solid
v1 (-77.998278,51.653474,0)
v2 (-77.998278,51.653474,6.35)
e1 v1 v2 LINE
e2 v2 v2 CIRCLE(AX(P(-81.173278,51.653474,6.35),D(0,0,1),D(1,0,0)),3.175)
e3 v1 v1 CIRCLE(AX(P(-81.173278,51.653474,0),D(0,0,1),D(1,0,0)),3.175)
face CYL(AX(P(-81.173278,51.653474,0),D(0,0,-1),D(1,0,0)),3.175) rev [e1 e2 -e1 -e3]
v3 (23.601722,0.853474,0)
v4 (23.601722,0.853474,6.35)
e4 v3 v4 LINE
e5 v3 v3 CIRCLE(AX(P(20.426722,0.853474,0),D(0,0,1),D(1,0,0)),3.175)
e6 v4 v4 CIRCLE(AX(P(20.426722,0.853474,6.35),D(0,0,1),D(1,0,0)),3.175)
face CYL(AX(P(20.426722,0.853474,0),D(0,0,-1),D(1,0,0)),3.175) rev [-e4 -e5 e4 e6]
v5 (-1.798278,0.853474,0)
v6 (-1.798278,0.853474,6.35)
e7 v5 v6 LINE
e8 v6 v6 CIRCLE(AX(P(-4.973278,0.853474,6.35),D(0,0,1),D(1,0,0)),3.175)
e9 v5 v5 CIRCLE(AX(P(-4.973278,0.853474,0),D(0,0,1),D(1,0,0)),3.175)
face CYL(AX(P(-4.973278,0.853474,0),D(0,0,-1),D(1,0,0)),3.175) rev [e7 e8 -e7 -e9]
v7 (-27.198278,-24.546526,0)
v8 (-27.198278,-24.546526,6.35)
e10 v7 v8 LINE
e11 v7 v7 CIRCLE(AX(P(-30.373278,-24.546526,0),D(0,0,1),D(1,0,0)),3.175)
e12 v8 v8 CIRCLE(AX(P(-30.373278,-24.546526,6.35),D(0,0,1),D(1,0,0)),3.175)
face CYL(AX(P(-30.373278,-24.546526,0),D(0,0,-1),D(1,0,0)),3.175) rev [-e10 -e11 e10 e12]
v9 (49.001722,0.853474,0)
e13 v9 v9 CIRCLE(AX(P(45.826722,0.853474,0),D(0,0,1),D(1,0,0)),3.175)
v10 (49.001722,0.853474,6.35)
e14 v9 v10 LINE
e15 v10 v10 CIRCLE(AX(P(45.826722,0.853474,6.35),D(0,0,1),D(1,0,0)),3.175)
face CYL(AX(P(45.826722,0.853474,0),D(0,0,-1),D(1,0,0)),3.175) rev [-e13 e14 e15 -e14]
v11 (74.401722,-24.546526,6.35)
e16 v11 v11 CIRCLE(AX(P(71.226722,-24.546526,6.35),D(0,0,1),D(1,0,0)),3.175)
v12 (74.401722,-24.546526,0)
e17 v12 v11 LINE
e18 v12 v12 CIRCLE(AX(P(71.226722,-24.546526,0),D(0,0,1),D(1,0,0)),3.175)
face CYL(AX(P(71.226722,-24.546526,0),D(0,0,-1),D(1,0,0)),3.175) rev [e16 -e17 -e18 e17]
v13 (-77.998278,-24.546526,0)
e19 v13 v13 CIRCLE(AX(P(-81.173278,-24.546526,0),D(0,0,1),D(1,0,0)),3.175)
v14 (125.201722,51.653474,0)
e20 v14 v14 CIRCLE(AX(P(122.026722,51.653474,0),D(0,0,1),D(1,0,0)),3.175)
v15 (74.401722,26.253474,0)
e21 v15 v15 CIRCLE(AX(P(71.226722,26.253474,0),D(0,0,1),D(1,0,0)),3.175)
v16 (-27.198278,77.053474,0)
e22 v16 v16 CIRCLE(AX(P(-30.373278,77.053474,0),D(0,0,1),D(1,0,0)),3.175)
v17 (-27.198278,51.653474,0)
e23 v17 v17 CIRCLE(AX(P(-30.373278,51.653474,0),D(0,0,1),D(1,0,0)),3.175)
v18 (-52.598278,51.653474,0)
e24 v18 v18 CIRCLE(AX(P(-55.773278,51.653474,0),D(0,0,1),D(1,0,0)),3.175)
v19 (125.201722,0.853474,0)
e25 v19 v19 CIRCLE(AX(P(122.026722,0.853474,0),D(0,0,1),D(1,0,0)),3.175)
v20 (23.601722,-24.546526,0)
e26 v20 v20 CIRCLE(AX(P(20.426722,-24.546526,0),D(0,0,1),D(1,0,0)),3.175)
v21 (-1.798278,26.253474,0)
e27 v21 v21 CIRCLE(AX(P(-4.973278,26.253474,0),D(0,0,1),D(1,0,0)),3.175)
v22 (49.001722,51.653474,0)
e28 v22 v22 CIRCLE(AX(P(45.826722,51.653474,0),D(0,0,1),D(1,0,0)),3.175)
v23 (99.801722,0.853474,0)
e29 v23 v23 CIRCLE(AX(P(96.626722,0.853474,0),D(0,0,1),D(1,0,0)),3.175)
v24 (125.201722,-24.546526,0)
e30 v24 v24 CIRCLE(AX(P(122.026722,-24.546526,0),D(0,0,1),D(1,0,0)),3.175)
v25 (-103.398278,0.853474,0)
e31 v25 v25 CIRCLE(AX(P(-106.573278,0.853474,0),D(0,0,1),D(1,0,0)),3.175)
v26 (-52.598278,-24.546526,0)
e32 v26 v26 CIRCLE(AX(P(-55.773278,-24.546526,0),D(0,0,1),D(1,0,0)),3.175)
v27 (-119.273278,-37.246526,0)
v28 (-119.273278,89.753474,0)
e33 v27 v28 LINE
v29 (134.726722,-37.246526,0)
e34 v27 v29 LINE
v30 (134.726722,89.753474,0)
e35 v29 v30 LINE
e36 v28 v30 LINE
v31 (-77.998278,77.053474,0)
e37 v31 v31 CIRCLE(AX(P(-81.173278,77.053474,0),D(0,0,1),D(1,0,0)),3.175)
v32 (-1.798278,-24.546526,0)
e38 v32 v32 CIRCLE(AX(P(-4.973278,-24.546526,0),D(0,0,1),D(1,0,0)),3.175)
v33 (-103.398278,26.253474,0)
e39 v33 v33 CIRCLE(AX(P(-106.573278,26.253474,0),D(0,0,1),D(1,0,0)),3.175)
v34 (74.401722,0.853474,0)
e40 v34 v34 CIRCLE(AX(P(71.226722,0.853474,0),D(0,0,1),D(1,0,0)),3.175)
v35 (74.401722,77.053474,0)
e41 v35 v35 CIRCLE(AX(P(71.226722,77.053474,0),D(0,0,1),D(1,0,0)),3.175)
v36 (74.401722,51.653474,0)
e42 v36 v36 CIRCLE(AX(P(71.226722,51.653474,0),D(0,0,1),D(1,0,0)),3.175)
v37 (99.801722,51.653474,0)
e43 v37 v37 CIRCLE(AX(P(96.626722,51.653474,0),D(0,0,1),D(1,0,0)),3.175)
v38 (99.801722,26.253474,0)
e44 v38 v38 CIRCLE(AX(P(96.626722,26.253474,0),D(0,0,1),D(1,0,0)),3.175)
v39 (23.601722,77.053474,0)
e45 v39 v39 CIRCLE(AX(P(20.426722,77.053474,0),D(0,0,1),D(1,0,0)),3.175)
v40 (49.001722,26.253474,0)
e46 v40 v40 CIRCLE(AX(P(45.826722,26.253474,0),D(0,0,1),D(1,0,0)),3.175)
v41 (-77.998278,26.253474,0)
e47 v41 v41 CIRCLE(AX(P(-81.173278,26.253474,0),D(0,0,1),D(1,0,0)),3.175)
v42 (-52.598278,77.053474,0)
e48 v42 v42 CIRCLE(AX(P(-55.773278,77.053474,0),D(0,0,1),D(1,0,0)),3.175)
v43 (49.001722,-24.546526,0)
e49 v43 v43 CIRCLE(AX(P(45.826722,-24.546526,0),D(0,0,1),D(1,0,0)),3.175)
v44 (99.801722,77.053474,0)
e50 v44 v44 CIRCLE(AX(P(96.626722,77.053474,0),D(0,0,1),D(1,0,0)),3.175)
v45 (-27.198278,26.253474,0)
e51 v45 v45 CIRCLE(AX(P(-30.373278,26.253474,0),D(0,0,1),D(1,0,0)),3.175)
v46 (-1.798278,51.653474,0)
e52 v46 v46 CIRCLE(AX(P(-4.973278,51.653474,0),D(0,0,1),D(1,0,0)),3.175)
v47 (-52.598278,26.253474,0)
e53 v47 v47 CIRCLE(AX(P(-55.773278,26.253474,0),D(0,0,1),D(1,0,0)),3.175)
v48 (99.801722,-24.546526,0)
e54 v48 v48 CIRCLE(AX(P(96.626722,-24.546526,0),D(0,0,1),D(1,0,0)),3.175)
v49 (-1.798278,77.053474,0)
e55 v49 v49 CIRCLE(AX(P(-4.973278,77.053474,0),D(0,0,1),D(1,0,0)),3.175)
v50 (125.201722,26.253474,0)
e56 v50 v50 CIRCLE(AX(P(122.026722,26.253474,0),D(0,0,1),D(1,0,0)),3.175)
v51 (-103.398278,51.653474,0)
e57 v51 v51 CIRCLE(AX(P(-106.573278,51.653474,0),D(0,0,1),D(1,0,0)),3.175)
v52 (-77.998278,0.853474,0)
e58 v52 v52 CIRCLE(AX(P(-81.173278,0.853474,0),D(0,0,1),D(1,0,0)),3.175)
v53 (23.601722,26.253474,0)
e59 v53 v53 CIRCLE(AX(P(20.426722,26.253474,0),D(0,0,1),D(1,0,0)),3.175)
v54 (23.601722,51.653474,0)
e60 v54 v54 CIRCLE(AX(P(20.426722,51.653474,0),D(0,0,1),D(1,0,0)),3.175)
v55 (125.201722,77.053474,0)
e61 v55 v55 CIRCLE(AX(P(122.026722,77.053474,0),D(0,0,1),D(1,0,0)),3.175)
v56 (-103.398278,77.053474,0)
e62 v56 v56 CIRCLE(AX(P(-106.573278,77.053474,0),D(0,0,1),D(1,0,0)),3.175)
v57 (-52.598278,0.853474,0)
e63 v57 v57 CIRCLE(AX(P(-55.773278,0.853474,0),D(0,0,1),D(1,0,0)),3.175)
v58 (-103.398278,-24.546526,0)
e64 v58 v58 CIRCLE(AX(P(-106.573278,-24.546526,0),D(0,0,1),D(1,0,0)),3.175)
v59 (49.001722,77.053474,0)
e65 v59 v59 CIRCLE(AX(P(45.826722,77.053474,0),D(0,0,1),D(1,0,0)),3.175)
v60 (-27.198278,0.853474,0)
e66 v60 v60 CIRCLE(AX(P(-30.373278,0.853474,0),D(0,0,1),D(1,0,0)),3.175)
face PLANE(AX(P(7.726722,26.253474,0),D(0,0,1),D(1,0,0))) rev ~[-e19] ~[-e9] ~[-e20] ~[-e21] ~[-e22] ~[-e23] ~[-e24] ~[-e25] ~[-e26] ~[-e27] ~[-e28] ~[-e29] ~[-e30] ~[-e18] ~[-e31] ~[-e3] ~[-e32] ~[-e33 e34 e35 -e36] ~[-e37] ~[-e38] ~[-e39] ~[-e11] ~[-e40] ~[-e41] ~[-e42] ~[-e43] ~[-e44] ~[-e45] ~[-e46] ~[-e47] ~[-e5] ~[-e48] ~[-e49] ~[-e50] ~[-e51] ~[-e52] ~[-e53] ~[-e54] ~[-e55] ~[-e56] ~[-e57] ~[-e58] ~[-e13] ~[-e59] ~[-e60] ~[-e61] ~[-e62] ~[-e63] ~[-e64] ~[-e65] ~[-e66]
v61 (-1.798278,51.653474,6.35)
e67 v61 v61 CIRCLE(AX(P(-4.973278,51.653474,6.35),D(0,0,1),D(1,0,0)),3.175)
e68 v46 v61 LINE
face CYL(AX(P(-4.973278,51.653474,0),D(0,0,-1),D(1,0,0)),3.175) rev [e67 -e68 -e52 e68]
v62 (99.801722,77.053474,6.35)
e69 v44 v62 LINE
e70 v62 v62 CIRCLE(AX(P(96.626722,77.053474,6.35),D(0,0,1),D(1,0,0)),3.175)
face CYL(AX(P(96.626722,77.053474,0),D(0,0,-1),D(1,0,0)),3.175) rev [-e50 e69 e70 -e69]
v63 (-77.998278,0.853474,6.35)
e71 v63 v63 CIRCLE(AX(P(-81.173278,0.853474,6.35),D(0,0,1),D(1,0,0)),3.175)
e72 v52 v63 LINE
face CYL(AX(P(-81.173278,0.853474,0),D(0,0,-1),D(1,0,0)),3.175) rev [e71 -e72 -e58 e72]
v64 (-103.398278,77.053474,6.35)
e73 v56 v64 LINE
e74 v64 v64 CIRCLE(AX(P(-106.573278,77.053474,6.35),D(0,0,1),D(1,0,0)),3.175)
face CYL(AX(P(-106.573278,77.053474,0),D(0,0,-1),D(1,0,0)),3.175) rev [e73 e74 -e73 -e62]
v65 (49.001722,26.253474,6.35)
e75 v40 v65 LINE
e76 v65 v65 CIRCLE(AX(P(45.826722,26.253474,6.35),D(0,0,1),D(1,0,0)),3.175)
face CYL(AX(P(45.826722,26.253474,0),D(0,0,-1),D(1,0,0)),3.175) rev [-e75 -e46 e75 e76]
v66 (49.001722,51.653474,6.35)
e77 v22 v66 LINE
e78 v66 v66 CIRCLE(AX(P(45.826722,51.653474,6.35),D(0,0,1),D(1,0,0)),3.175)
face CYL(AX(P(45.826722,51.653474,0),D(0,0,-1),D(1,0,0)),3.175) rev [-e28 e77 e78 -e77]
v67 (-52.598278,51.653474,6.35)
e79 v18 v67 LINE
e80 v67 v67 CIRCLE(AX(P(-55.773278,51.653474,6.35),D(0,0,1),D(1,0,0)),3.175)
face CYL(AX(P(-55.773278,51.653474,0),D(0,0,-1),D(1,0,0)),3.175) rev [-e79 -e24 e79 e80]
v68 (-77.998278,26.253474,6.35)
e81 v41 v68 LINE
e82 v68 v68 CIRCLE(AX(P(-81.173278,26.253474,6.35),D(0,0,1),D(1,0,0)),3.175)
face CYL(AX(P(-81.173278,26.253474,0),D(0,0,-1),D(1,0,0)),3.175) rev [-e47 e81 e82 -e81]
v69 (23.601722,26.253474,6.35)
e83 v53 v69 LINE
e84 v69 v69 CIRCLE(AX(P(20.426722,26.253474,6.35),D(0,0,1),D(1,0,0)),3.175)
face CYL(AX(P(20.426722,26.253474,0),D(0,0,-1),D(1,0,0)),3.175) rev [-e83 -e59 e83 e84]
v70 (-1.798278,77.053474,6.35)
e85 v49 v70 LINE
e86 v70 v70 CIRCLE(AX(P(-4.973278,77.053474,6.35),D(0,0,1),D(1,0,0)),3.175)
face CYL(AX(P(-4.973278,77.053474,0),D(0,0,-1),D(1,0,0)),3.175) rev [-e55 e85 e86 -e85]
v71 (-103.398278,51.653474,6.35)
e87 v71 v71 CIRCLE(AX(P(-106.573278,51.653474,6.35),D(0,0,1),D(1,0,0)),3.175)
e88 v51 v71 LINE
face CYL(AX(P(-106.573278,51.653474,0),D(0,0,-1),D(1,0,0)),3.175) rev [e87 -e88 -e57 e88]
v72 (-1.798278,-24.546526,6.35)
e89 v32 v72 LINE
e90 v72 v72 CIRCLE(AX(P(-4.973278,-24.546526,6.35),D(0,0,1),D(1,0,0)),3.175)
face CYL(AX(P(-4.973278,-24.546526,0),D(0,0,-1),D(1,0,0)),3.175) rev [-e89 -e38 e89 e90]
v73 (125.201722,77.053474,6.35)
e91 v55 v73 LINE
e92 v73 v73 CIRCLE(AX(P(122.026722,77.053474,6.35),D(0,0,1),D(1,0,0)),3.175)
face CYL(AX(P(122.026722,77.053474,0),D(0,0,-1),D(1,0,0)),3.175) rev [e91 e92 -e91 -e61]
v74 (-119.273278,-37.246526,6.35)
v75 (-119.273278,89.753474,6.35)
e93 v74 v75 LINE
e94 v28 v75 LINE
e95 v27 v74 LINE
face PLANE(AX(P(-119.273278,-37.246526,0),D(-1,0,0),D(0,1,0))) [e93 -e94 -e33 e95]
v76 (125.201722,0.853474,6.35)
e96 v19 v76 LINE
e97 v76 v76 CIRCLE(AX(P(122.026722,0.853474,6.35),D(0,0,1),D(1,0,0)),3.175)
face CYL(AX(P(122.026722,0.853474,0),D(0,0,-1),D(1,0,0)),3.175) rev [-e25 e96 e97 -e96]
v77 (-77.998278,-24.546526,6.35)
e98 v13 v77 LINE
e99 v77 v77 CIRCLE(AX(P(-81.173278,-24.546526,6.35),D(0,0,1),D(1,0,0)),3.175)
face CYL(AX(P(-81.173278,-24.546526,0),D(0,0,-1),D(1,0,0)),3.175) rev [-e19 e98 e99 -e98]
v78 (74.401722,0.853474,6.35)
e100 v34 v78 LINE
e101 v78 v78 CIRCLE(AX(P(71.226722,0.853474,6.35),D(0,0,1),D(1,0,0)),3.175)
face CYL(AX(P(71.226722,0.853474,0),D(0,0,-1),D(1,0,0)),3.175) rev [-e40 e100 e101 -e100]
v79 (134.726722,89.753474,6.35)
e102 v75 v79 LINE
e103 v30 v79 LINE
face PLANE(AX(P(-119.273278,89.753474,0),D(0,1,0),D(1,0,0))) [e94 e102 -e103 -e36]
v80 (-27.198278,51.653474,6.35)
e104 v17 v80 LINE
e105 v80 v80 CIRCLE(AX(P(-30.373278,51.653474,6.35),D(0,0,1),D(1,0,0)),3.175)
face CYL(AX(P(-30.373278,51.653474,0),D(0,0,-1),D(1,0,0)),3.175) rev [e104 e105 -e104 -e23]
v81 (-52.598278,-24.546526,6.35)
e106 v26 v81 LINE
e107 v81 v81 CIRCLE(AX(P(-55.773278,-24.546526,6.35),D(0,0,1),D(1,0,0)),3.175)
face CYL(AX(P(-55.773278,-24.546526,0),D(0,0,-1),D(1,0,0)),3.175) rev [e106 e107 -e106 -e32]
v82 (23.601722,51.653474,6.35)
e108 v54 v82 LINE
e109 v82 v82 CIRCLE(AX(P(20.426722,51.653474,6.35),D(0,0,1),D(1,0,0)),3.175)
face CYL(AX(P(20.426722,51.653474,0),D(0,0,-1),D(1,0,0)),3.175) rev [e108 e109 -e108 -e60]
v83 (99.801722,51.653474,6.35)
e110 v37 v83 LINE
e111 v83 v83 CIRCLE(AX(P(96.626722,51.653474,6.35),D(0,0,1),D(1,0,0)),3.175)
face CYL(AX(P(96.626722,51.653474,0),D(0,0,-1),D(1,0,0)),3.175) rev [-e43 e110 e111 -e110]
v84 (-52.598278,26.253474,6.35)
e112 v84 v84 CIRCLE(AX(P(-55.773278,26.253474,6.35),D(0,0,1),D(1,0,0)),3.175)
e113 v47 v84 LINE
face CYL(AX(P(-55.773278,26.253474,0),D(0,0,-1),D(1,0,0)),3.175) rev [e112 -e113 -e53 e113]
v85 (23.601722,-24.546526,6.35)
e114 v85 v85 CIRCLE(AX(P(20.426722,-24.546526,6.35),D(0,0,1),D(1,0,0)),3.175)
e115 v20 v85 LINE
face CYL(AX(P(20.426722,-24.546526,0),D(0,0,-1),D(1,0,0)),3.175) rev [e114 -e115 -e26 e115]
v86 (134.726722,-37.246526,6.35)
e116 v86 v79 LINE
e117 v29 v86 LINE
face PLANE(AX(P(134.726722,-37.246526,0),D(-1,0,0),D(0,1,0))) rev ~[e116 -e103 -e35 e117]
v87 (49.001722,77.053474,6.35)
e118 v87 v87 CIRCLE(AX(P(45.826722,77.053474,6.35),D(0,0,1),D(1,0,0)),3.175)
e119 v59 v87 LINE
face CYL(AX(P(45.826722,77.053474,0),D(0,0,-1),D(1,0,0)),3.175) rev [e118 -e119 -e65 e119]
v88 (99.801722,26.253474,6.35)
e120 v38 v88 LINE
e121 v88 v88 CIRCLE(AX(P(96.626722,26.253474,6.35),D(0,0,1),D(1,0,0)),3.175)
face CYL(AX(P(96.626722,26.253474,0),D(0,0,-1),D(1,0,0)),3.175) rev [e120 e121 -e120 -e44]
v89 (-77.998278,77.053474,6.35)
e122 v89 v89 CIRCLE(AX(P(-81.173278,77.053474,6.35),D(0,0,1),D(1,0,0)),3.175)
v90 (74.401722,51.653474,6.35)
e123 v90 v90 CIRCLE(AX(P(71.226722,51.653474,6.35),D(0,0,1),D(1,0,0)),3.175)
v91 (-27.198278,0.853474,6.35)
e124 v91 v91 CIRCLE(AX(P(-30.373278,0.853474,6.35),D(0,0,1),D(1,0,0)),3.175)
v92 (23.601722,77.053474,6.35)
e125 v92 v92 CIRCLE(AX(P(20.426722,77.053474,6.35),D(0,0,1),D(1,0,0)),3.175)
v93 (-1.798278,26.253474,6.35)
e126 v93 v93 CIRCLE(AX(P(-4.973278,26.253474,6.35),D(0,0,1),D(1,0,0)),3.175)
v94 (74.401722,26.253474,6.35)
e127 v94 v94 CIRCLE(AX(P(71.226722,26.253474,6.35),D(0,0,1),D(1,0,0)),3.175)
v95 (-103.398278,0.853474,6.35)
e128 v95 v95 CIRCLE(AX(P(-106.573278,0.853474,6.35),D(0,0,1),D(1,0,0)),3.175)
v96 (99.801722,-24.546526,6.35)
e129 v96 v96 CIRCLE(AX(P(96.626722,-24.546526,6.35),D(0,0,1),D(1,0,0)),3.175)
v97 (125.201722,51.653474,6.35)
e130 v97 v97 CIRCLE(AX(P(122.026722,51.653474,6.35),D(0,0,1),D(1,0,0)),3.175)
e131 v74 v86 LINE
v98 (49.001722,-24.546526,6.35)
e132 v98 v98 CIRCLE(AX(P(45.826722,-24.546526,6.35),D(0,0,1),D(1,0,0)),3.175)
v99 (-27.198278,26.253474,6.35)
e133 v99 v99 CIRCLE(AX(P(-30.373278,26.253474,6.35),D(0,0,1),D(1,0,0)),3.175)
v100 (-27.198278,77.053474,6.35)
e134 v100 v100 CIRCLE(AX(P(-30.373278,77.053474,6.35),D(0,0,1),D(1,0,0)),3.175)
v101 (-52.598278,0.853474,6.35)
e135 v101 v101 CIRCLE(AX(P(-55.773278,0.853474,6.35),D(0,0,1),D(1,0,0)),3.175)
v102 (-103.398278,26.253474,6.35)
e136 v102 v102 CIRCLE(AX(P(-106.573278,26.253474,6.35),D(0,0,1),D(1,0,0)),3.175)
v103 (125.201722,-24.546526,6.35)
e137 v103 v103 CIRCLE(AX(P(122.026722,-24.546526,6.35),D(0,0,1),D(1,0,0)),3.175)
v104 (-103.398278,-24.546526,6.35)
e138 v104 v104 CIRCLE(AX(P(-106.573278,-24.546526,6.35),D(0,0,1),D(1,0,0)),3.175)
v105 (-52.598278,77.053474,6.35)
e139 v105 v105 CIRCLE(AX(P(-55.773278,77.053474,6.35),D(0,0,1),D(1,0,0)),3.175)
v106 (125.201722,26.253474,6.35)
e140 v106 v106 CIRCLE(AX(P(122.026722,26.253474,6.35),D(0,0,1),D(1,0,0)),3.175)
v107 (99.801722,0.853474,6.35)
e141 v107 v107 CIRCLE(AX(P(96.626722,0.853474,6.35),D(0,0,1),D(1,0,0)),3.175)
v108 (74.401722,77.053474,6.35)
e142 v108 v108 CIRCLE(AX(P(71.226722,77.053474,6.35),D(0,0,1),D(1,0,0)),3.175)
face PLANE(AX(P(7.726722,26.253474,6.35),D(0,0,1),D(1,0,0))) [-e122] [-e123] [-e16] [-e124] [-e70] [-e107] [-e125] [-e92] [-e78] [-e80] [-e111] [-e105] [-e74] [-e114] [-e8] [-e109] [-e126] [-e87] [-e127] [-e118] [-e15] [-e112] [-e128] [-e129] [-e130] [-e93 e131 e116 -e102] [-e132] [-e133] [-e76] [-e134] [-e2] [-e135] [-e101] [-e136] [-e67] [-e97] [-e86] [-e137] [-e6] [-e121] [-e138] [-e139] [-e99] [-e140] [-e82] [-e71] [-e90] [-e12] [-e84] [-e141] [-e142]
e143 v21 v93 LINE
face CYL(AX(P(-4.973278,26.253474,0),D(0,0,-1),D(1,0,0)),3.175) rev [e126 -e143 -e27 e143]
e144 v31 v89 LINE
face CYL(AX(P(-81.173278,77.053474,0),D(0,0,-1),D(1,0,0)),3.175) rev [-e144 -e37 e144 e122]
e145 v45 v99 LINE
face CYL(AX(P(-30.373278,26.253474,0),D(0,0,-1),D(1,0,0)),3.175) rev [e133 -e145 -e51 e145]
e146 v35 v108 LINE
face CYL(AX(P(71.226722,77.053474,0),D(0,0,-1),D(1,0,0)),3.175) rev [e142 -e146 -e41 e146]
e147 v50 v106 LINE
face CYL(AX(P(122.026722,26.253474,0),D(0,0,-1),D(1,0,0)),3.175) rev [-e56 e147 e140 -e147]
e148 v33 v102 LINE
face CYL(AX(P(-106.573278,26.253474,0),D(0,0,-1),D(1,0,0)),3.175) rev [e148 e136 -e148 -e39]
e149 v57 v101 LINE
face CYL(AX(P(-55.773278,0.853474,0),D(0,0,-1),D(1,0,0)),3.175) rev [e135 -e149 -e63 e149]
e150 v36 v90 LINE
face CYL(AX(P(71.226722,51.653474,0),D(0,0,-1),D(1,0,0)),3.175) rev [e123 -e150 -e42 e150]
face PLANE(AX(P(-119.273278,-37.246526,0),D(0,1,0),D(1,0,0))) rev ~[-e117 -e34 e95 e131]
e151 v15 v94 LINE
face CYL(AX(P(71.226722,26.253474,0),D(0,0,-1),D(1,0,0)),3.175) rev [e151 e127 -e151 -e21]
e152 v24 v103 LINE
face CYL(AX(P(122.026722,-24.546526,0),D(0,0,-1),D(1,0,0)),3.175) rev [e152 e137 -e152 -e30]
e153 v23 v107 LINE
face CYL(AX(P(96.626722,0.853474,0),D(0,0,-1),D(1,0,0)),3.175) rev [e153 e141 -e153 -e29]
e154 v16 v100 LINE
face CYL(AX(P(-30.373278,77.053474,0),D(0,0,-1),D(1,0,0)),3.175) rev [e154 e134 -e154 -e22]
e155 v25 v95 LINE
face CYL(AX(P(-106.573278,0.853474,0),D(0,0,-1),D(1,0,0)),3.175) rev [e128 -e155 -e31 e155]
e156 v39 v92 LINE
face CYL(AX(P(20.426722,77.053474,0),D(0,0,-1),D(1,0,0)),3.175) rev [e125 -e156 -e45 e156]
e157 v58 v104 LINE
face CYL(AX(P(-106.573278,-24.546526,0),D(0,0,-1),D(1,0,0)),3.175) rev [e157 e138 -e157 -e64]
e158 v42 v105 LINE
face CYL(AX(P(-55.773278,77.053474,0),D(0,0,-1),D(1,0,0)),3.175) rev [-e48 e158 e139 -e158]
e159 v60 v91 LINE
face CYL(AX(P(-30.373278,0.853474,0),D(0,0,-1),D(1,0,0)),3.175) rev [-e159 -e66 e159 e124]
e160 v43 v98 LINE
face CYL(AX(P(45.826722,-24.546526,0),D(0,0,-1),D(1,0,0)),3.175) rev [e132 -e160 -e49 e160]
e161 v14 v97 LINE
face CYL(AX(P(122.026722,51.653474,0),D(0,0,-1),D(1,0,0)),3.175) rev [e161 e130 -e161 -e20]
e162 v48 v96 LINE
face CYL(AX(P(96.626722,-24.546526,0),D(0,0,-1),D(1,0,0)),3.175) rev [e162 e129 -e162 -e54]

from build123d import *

# Parameters (mm, degrees)
F0_W     = 254
F0_H     = 127
F0_R     = 3.175
F1_DEPTH = 6.35


with BuildPart() as f1:
    # F0 (on Top) → F1 (new body)
    with BuildSketch(Plane.XY):
        with Locations((7.726722, 26.253474)):
            Rectangle(F0_W, F0_H)
        with Locations((-106.573278, -24.546526)):
            Circle(F0_R, mode=Mode.SUBTRACT)
        with Locations((-81.173278, -24.546526)):
            Circle(F0_R, mode=Mode.SUBTRACT)
        with Locations((-55.773278, -24.546526)):
            Circle(F0_R, mode=Mode.SUBTRACT)
        with Locations((-30.373278, -24.546526)):
            Circle(F0_R, mode=Mode.SUBTRACT)
        with Locations((-4.973278, -24.546526)):
            Circle(F0_R, mode=Mode.SUBTRACT)
        with Locations((-106.573278, 0.853474)):
            Circle(F0_R, mode=Mode.SUBTRACT)
        with Locations((-81.173278, 0.853474)):
            Circle(F0_R, mode=Mode.SUBTRACT)
        with Locations((-106.573278, 26.253474)):
            Circle(F0_R, mode=Mode.SUBTRACT)
        with Locations((-81.173278, 26.253474)):
            Circle(F0_R, mode=Mode.SUBTRACT)
        with Locations((-55.773278, 0.853474)):
            Circle(F0_R, mode=Mode.SUBTRACT)
        with Locations((-30.373278, 0.853474)):
            Circle(F0_R, mode=Mode.SUBTRACT)
        with Locations((-4.973278, 0.853474)):
            Circle(F0_R, mode=Mode.SUBTRACT)
        with Locations((-55.773278, 26.253474)):
            Circle(F0_R, mode=Mode.SUBTRACT)
        with Locations((-30.373278, 26.253474)):
            Circle(F0_R, mode=Mode.SUBTRACT)
        with Locations((-4.973278, 26.253474)):
            Circle(F0_R, mode=Mode.SUBTRACT)
        with Locations((20.426722, -24.546526)):
            Circle(F0_R, mode=Mode.SUBTRACT)
        with Locations((45.826722, -24.546526)):
            Circle(F0_R, mode=Mode.SUBTRACT)
        with Locations((71.226722, -24.546526)):
            Circle(F0_R, mode=Mode.SUBTRACT)
        with Locations((96.626722, -24.546526)):
            Circle(F0_R, mode=Mode.SUBTRACT)
        with Locations((122.026722, -24.546526)):
            Circle(F0_R, mode=Mode.SUBTRACT)
        with Locations((20.426722, 0.853474)):
            Circle(F0_R, mode=Mode.SUBTRACT)
        with Locations((45.826722, 0.853474)):
            Circle(F0_R, mode=Mode.SUBTRACT)
        with Locations((20.426722, 26.253474)):
            Circle(F0_R, mode=Mode.SUBTRACT)
        with Locations((45.826722, 26.253474)):
            Circle(F0_R, mode=Mode.SUBTRACT)
        with Locations((71.226722, 0.853474)):
            Circle(F0_R, mode=Mode.SUBTRACT)
        with Locations((96.626722, 0.853474)):
            Circle(F0_R, mode=Mode.SUBTRACT)
        with Locations((122.026722, 0.853474)):
            Circle(F0_R, mode=Mode.SUBTRACT)
        with Locations((71.226722, 26.253474)):
            Circle(F0_R, mode=Mode.SUBTRACT)
        with Locations((96.626722, 26.253474)):
            Circle(F0_R, mode=Mode.SUBTRACT)
        with Locations((122.026722, 26.253474)):
            Circle(F0_R, mode=Mode.SUBTRACT)
        with Locations((-106.573278, 51.653474)):
            Circle(F0_R, mode=Mode.SUBTRACT)
        with Locations((-81.173278, 51.653474)):
            Circle(F0_R, mode=Mode.SUBTRACT)
        with Locations((-55.773278, 51.653474)):
            Circle(F0_R, mode=Mode.SUBTRACT)
        with Locations((-30.373278, 51.653474)):
            Circle(F0_R, mode=Mode.SUBTRACT)
        with Locations((-4.973278, 51.653474)):
            Circle(F0_R, mode=Mode.SUBTRACT)
        with Locations((-106.573278, 77.053474)):
            Circle(F0_R, mode=Mode.SUBTRACT)
        with Locations((-81.173278, 77.053474)):
            Circle(F0_R, mode=Mode.SUBTRACT)
        with Locations((-55.773278, 77.053474)):
            Circle(F0_R, mode=Mode.SUBTRACT)
        with Locations((-30.373278, 77.053474)):
            Circle(F0_R, mode=Mode.SUBTRACT)
        with Locations((-4.973278, 77.053474)):
            Circle(F0_R, mode=Mode.SUBTRACT)
        with Locations((20.426722, 51.653474)):
            Circle(F0_R, mode=Mode.SUBTRACT)
        with Locations((45.826722, 51.653474)):
            Circle(F0_R, mode=Mode.SUBTRACT)
        with Locations((71.226722, 51.653474)):
            Circle(F0_R, mode=Mode.SUBTRACT)
        with Locations((96.626722, 51.653474)):
            Circle(F0_R, mode=Mode.SUBTRACT)
        with Locations((122.026722, 51.653474)):
            Circle(F0_R, mode=Mode.SUBTRACT)
        with Locations((20.426722, 77.053474)):
            Circle(F0_R, mode=Mode.SUBTRACT)
        with Locations((45.826722, 77.053474)):
            Circle(F0_R, mode=Mode.SUBTRACT)
        with Locations((71.226722, 77.053474)):
            Circle(F0_R, mode=Mode.SUBTRACT)
        with Locations((96.626722, 77.053474)):
            Circle(F0_R, mode=Mode.SUBTRACT)
        with Locations((122.026722, 77.053474)):
            Circle(F0_R, mode=Mode.SUBTRACT)
    extrude(amount=F1_DEPTH)


solid = f1.part
